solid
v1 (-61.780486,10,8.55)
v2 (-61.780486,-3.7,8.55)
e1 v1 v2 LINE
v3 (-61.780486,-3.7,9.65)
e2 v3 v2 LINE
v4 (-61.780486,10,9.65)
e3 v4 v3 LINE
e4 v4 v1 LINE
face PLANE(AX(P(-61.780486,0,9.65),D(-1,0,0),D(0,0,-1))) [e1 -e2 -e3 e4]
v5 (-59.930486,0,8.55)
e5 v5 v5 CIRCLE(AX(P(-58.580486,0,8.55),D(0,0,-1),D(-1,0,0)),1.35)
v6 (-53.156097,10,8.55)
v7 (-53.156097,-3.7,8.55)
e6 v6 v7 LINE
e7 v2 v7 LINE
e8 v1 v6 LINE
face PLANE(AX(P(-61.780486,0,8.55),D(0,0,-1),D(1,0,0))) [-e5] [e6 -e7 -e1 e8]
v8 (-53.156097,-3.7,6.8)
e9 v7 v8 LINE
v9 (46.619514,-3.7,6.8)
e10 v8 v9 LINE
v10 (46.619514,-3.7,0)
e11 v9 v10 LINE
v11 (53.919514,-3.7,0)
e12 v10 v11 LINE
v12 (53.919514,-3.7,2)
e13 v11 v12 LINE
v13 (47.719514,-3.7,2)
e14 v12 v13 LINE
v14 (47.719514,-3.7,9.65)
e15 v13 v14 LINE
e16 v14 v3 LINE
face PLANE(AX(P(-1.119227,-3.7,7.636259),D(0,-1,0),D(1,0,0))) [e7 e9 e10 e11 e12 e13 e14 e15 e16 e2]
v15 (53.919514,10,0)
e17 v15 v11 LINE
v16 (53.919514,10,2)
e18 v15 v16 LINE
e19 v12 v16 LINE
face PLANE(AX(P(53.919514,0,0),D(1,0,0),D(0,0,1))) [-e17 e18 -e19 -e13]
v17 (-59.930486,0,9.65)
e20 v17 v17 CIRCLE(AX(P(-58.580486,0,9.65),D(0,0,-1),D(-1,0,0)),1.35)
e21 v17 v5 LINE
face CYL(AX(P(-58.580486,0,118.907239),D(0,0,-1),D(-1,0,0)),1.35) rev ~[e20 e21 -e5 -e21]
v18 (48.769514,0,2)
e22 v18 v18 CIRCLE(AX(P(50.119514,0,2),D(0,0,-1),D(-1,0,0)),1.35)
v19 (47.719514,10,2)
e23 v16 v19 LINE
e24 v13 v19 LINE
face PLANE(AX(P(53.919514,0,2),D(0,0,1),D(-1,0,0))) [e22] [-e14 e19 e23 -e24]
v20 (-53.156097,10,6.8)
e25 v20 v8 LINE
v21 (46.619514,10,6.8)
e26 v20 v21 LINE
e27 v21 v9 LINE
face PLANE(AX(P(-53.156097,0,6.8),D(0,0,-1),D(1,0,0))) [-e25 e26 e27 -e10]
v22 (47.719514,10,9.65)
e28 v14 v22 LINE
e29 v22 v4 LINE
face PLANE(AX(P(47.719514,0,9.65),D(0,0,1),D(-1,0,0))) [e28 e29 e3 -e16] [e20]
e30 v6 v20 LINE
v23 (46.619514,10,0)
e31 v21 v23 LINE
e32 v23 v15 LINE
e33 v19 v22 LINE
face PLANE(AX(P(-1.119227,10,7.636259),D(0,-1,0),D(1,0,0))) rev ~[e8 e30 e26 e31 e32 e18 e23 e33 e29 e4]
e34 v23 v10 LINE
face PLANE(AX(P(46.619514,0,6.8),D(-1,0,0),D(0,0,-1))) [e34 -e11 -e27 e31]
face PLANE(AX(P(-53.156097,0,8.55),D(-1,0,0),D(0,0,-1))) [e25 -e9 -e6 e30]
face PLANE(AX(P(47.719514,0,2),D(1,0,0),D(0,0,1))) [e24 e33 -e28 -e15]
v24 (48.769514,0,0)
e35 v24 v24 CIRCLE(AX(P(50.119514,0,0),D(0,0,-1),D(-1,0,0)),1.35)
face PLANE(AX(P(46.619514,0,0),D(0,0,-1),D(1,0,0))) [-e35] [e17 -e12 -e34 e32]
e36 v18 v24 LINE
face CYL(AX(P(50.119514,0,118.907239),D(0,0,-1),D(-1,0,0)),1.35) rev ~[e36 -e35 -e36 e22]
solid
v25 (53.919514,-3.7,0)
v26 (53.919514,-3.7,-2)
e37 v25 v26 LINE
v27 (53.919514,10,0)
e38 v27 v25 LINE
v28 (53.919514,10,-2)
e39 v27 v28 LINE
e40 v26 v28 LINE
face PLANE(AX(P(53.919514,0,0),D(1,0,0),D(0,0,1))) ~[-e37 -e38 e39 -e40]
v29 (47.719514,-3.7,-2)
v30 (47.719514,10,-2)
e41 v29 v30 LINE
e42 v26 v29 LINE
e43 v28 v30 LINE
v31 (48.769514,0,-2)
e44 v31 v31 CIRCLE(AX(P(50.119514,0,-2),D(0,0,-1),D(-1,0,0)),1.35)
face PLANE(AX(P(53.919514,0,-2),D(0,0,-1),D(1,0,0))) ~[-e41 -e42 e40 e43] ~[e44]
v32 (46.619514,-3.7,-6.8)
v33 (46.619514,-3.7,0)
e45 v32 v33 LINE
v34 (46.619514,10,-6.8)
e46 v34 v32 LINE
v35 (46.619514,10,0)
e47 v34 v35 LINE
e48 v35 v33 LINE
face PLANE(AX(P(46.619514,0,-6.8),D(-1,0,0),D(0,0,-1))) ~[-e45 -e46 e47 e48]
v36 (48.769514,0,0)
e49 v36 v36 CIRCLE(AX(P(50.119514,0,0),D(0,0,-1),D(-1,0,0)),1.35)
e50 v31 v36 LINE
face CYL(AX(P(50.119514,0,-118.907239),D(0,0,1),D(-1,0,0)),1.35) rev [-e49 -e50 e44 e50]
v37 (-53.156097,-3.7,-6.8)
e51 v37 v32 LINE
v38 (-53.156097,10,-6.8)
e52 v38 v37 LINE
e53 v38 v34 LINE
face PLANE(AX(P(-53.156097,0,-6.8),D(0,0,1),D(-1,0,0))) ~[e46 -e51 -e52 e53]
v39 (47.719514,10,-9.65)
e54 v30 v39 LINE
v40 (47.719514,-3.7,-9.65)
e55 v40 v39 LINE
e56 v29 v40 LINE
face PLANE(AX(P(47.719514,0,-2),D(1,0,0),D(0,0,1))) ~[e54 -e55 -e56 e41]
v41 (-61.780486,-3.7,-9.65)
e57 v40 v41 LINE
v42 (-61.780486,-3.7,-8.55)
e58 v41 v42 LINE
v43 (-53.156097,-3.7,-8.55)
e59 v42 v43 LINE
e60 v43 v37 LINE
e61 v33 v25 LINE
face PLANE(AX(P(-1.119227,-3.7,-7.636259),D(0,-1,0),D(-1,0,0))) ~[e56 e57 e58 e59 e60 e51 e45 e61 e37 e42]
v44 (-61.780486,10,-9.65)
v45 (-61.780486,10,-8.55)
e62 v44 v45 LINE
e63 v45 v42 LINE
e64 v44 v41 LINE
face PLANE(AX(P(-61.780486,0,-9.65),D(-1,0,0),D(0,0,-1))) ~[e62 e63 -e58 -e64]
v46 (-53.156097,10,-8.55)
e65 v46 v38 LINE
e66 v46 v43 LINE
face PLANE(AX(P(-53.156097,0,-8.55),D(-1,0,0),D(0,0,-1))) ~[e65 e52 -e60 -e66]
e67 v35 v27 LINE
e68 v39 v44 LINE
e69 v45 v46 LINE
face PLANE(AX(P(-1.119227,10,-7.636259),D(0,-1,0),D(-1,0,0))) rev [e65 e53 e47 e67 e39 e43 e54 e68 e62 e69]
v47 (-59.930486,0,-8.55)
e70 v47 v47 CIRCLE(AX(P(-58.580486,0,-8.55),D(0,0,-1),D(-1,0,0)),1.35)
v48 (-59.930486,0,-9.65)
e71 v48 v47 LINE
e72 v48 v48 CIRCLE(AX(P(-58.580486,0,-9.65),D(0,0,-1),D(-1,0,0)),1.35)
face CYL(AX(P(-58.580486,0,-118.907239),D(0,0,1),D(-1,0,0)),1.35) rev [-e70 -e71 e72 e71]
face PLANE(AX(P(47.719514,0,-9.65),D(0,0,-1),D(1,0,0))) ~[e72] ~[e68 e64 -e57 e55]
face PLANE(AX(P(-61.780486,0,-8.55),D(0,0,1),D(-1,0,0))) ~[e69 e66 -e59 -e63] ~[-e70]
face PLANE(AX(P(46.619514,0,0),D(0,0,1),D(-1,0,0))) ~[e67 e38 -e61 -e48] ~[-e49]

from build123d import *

# Parameters (mm, degrees)
F1_DEPTH      = 3.7
F1_DEPTH_BACK = 10
F4_D          = 2.7


with BuildPart() as f1:
    # F0 (on Front) → F1 (new body, two sides)
    with BuildSketch(Plane.XZ) as f1_sk:
        Polygon((47.719514, 9.65), (-61.780486, 9.65), (-61.780486, 8.55), (-53.156097, 8.55), (-53.156097, 6.8), (46.619514, 6.8), (46.619514, 0), (53.919514, 0), (53.919514, 2), (47.719514, 2), align=None)
    extrude(amount=F1_DEPTH)
    extrude(f1_sk.sketch, amount=-F1_DEPTH_BACK)

    # F4 (through all)
    with Locations(Plane.XY.offset(2)):
        with Locations((50.119514, 0), (-58.580486, 0)):
            Hole(F4_D / 2)


with BuildPart() as f5_1:
    # F5: instance of F1
    add(f1.part.mirror(Plane.XY))


solid = Compound([f1.part, f5_1.part])
